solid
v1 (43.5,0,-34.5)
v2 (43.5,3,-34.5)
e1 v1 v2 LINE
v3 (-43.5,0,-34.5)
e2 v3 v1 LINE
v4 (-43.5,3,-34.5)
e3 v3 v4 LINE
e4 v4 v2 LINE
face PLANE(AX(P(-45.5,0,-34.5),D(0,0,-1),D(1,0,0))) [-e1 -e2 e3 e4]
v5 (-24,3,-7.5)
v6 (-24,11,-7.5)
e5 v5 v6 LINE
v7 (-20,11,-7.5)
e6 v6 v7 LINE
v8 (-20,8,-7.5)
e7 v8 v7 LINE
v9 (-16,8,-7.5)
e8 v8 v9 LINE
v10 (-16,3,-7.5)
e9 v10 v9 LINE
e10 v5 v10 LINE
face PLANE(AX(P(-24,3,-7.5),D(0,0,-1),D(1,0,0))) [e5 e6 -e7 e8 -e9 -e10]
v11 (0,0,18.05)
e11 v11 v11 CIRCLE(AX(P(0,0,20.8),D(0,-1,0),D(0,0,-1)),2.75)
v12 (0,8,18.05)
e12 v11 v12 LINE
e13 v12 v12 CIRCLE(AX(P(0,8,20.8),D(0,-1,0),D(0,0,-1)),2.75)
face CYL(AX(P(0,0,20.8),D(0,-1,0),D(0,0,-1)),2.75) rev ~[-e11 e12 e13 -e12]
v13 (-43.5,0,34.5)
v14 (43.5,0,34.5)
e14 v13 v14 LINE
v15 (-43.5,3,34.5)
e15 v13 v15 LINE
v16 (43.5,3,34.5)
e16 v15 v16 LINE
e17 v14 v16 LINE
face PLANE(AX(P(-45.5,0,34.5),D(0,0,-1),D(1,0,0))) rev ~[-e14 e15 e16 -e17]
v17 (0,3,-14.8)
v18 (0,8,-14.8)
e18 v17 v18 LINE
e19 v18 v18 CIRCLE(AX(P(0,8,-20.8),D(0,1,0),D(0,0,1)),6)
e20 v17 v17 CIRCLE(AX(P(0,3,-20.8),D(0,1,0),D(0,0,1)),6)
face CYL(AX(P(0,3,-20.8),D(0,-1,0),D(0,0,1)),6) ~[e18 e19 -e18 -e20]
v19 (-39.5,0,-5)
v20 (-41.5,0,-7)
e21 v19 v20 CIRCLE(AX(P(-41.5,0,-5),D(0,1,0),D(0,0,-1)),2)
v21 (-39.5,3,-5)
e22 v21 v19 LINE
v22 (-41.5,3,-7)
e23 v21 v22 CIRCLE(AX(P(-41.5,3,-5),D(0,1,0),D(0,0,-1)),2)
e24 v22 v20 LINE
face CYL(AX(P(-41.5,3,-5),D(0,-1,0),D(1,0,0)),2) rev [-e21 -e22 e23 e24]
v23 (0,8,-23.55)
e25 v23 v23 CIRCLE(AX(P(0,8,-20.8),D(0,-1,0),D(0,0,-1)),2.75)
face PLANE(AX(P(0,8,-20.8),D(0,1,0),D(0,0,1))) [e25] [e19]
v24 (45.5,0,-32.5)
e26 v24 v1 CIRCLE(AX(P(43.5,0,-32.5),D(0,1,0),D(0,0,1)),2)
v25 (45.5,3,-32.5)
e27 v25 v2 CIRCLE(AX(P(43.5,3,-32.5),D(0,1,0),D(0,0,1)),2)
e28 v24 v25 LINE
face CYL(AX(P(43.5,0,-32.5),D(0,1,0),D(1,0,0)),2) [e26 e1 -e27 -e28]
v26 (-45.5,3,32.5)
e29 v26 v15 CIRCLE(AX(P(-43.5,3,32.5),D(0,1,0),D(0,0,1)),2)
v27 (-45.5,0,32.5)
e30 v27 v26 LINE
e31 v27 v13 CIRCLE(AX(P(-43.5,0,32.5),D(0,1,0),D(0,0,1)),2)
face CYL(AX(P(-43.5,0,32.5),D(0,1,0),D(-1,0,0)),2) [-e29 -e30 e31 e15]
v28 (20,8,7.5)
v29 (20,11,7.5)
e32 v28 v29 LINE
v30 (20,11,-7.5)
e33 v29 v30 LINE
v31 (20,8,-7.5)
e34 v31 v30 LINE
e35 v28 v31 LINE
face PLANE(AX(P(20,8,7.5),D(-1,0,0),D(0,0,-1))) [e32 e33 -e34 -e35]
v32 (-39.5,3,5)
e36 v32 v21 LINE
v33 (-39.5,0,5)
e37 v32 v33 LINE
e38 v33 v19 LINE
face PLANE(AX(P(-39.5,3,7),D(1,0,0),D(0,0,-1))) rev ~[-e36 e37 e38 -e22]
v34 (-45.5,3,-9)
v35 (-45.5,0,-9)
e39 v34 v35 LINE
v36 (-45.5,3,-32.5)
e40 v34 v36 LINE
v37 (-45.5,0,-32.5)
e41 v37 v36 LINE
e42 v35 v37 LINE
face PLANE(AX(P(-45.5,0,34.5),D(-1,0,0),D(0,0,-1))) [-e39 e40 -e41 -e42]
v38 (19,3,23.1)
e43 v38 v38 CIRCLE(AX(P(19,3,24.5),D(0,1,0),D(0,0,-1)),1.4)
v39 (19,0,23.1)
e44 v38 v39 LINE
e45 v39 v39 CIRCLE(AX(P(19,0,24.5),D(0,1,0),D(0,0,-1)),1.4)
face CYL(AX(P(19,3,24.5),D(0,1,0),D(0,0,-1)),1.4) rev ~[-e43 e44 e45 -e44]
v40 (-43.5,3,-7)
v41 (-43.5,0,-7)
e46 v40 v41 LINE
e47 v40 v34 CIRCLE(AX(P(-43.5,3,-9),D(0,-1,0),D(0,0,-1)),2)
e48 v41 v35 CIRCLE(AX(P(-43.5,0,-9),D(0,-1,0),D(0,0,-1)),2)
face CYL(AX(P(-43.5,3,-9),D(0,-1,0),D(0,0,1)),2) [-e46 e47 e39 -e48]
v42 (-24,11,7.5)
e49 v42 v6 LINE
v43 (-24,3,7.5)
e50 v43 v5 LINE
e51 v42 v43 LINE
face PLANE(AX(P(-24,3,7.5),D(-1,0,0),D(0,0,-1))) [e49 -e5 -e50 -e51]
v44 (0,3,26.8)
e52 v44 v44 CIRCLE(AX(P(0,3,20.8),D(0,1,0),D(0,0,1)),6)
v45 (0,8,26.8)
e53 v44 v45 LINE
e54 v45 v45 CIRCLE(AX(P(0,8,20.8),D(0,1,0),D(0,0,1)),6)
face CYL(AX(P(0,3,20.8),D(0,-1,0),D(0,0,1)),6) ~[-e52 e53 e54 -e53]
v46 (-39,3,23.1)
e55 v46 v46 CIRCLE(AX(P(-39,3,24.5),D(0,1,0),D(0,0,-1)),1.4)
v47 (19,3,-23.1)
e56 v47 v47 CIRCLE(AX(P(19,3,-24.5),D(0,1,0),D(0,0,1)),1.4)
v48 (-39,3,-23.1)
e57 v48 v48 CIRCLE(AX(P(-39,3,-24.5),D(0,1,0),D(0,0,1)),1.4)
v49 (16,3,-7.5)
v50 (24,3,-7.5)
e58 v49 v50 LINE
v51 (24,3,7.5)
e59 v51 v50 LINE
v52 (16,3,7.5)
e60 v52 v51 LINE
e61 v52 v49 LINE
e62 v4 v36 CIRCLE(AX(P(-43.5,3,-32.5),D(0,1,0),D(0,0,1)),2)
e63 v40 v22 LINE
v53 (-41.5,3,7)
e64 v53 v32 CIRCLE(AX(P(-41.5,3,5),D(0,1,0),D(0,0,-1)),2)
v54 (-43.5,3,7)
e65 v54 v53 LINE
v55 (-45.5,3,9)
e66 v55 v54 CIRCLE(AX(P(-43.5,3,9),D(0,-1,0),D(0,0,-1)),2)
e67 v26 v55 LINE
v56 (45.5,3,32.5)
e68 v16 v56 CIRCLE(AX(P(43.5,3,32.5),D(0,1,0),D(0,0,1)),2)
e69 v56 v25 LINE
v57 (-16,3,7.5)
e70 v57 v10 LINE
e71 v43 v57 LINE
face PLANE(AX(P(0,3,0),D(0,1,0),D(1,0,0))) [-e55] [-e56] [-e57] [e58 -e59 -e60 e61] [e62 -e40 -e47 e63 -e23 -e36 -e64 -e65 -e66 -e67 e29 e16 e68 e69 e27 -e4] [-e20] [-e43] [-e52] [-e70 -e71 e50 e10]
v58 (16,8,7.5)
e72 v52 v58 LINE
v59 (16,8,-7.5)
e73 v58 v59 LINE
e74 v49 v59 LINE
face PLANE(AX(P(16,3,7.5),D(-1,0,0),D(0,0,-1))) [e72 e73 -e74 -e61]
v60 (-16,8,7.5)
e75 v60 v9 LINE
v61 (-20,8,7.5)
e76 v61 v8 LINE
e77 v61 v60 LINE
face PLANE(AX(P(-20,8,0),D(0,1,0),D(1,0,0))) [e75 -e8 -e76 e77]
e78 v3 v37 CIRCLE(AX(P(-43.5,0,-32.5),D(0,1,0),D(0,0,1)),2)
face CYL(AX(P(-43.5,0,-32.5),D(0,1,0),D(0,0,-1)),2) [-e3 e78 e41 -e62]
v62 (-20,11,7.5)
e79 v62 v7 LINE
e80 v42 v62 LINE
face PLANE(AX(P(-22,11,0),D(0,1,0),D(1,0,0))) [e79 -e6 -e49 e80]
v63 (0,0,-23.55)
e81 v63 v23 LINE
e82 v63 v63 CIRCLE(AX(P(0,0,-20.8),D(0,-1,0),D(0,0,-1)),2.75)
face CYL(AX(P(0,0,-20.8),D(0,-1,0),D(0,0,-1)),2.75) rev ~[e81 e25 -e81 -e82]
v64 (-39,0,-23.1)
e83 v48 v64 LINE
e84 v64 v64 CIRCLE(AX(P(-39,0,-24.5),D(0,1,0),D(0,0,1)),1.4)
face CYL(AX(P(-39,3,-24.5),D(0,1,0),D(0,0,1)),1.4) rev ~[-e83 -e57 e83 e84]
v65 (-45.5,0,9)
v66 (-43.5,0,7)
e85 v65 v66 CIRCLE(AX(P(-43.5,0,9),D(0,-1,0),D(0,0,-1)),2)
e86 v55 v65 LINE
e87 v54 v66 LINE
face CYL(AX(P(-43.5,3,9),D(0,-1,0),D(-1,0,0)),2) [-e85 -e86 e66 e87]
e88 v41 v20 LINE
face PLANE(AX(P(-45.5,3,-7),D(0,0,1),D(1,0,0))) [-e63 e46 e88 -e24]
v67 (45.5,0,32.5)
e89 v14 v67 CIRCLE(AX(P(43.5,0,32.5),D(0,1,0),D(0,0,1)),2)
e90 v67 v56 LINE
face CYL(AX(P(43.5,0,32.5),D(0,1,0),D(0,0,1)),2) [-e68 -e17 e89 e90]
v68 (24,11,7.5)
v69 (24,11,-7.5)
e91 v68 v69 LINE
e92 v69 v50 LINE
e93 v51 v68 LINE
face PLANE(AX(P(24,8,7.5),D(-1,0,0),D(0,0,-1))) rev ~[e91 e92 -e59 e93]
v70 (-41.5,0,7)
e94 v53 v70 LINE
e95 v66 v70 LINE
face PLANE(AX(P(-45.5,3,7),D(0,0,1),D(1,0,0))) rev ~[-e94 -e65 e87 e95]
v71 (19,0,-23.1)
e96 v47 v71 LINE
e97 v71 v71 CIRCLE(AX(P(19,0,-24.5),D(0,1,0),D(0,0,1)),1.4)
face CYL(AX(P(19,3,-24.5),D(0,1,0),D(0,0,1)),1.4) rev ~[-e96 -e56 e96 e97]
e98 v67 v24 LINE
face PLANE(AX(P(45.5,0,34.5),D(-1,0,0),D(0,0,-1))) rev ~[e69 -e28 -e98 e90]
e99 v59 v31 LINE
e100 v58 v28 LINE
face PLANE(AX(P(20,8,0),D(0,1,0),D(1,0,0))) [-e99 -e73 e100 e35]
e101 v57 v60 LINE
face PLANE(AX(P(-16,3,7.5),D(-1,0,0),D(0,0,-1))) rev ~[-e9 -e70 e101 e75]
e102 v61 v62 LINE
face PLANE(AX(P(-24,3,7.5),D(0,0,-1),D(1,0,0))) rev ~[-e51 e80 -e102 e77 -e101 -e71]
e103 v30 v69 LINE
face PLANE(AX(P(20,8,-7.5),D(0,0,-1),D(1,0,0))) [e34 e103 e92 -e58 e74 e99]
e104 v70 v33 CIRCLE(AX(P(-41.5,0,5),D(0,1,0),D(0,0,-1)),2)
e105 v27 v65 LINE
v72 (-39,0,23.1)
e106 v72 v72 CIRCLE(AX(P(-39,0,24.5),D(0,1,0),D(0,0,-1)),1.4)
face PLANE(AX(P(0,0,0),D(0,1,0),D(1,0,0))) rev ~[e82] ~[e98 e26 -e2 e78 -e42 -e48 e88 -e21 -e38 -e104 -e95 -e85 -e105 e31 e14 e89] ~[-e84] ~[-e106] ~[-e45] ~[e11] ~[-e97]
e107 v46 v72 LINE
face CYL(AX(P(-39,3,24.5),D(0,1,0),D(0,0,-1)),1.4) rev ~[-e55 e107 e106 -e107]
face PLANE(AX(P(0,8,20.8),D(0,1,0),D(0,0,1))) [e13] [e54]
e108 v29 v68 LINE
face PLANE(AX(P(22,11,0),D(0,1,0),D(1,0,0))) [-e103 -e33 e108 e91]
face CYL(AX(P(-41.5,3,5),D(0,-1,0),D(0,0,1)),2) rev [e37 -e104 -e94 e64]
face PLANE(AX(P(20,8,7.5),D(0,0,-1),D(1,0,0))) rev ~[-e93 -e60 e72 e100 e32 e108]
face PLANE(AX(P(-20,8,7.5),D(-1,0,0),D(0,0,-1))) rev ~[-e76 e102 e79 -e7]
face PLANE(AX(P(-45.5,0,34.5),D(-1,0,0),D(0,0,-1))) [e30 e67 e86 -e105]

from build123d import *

# Parameters (mm, degrees)
SKETCH1_W           = 91
SKETCH1_H           = 69
BOSS_EXTRUDE1_DEPTH = 3
SKETCH2_W           = 6
SKETCH2_H           = 14
CUT_EXTRUDE1_DEPTH  = 58.179541796
SKETCH3_R           = 1.4
CUT_EXTRUDE2_DEPTH  = 58.179541796
FILLET1_R           = 2
SKETCH6_R           = 6
SKETCH6_W           = 8
SKETCH6_H           = 15
BOSS_EXTRUDE2_DEPTH = 5
SKETCH5_R           = 2.75
CUT_EXTRUDE3_DEPTH  = 58.658477261
SKETCH7_W           = 4
SKETCH7_H           = 15
BOSS_EXTRUDE3_DEPTH = 3


with BuildPart() as part:
    # Sketch1 → Boss-Extrude1 (new body)
    with BuildSketch(Plane(origin=(0, 0, 0), x_dir=(1, 0, 0), z_dir=(0, 1, 0))):
        Rectangle(SKETCH1_W, SKETCH1_H)
    extrude(amount=BOSS_EXTRUDE1_DEPTH)

    # Sketch2 → Cut-Extrude1 (cut, through all)
    with BuildSketch(Plane(origin=(0, 3, 0), x_dir=(1, 0, 0), z_dir=(0, 1, 0))):
        with Locations((-42.5, 0)):
            Rectangle(SKETCH2_W, SKETCH2_H)
    extrude(amount=-CUT_EXTRUDE1_DEPTH, mode=Mode.SUBTRACT)

    # Sketch3 → Cut-Extrude2 (cut, through all)
    with BuildSketch(Plane(origin=(0, 3, 0), x_dir=(1, 0, 0), z_dir=(0, 1, 0))):
        with Locations(Location((-39, 24.5, 0), (0, 0, 270))):
            Circle(SKETCH3_R)
        with Locations(Location((19, 24.5, 0), (0, 0, 270))):
            Circle(SKETCH3_R)
        with Locations(Location((19, -24.5, 0), (0, 0, 90))):
            Circle(SKETCH3_R)
        with Locations(Location((-39, -24.5, 0), (0, 0, 90))):
            Circle(SKETCH3_R)
    extrude(amount=-CUT_EXTRUDE2_DEPTH, mode=Mode.SUBTRACT)

    # Fillet1
    fillet1_edges = [part.edges().sort_by_distance(p)[0] for p in [
        (-45.5, 1.5, 7),
        (-45.5, 1.5, -7),
        (-39.5, 1.5, -7),
        (-39.5, 1.5, 7),
        (45.5, 1.5, 34.5),
        (-45.5, 1.5, 34.5),
        (-45.5, 1.5, -34.5),
        (45.5, 1.5, -34.5),
    ]]
    fillet(fillet1_edges, radius=FILLET1_R)

    # Sketch6 → Boss-Extrude2 (add)
    with BuildSketch(Plane(origin=(0, 3, 0), x_dir=(1, 0, 0), z_dir=(0, 1, 0))):
        with Locations(Location((0, -20.8, 0), (0, 0, 270))):
            Circle(SKETCH6_R)
        with Locations(Location((0, 20.8, 0), (0, 0, 270))):
            Circle(SKETCH6_R)
        with Locations((-20, 0)):
            Rectangle(SKETCH6_W, SKETCH6_H)
        with Locations((20, 0)):
            Rectangle(SKETCH6_W, SKETCH6_H)
    extrude(amount=BOSS_EXTRUDE2_DEPTH)

    # Sketch5 → Cut-Extrude3 (cut, through all)
    with BuildSketch(Plane(origin=(0, 0, 0), x_dir=(-1, 0, 0), z_dir=(0, -1, 0))):
        with Locations(Location((0, -20.8, 0), (0, 0, 90))):
            Circle(SKETCH5_R)
        with Locations(Location((0, 20.8, 0), (0, 0, 90))):
            Circle(SKETCH5_R)
    extrude(amount=-CUT_EXTRUDE3_DEPTH, mode=Mode.SUBTRACT)

    # Sketch7 → Boss-Extrude3 (add)
    with BuildSketch(Plane(origin=(0, 8, 0), x_dir=(1, 0, 0), z_dir=(0, 1, 0))):
        with Locations((22, 0)):
            Rectangle(SKETCH7_W, SKETCH7_H)
        with Locations((-22, 0)):
            Rectangle(SKETCH7_W, SKETCH7_H)
    extrude(amount=BOSS_EXTRUDE3_DEPTH)


solid = part.part
